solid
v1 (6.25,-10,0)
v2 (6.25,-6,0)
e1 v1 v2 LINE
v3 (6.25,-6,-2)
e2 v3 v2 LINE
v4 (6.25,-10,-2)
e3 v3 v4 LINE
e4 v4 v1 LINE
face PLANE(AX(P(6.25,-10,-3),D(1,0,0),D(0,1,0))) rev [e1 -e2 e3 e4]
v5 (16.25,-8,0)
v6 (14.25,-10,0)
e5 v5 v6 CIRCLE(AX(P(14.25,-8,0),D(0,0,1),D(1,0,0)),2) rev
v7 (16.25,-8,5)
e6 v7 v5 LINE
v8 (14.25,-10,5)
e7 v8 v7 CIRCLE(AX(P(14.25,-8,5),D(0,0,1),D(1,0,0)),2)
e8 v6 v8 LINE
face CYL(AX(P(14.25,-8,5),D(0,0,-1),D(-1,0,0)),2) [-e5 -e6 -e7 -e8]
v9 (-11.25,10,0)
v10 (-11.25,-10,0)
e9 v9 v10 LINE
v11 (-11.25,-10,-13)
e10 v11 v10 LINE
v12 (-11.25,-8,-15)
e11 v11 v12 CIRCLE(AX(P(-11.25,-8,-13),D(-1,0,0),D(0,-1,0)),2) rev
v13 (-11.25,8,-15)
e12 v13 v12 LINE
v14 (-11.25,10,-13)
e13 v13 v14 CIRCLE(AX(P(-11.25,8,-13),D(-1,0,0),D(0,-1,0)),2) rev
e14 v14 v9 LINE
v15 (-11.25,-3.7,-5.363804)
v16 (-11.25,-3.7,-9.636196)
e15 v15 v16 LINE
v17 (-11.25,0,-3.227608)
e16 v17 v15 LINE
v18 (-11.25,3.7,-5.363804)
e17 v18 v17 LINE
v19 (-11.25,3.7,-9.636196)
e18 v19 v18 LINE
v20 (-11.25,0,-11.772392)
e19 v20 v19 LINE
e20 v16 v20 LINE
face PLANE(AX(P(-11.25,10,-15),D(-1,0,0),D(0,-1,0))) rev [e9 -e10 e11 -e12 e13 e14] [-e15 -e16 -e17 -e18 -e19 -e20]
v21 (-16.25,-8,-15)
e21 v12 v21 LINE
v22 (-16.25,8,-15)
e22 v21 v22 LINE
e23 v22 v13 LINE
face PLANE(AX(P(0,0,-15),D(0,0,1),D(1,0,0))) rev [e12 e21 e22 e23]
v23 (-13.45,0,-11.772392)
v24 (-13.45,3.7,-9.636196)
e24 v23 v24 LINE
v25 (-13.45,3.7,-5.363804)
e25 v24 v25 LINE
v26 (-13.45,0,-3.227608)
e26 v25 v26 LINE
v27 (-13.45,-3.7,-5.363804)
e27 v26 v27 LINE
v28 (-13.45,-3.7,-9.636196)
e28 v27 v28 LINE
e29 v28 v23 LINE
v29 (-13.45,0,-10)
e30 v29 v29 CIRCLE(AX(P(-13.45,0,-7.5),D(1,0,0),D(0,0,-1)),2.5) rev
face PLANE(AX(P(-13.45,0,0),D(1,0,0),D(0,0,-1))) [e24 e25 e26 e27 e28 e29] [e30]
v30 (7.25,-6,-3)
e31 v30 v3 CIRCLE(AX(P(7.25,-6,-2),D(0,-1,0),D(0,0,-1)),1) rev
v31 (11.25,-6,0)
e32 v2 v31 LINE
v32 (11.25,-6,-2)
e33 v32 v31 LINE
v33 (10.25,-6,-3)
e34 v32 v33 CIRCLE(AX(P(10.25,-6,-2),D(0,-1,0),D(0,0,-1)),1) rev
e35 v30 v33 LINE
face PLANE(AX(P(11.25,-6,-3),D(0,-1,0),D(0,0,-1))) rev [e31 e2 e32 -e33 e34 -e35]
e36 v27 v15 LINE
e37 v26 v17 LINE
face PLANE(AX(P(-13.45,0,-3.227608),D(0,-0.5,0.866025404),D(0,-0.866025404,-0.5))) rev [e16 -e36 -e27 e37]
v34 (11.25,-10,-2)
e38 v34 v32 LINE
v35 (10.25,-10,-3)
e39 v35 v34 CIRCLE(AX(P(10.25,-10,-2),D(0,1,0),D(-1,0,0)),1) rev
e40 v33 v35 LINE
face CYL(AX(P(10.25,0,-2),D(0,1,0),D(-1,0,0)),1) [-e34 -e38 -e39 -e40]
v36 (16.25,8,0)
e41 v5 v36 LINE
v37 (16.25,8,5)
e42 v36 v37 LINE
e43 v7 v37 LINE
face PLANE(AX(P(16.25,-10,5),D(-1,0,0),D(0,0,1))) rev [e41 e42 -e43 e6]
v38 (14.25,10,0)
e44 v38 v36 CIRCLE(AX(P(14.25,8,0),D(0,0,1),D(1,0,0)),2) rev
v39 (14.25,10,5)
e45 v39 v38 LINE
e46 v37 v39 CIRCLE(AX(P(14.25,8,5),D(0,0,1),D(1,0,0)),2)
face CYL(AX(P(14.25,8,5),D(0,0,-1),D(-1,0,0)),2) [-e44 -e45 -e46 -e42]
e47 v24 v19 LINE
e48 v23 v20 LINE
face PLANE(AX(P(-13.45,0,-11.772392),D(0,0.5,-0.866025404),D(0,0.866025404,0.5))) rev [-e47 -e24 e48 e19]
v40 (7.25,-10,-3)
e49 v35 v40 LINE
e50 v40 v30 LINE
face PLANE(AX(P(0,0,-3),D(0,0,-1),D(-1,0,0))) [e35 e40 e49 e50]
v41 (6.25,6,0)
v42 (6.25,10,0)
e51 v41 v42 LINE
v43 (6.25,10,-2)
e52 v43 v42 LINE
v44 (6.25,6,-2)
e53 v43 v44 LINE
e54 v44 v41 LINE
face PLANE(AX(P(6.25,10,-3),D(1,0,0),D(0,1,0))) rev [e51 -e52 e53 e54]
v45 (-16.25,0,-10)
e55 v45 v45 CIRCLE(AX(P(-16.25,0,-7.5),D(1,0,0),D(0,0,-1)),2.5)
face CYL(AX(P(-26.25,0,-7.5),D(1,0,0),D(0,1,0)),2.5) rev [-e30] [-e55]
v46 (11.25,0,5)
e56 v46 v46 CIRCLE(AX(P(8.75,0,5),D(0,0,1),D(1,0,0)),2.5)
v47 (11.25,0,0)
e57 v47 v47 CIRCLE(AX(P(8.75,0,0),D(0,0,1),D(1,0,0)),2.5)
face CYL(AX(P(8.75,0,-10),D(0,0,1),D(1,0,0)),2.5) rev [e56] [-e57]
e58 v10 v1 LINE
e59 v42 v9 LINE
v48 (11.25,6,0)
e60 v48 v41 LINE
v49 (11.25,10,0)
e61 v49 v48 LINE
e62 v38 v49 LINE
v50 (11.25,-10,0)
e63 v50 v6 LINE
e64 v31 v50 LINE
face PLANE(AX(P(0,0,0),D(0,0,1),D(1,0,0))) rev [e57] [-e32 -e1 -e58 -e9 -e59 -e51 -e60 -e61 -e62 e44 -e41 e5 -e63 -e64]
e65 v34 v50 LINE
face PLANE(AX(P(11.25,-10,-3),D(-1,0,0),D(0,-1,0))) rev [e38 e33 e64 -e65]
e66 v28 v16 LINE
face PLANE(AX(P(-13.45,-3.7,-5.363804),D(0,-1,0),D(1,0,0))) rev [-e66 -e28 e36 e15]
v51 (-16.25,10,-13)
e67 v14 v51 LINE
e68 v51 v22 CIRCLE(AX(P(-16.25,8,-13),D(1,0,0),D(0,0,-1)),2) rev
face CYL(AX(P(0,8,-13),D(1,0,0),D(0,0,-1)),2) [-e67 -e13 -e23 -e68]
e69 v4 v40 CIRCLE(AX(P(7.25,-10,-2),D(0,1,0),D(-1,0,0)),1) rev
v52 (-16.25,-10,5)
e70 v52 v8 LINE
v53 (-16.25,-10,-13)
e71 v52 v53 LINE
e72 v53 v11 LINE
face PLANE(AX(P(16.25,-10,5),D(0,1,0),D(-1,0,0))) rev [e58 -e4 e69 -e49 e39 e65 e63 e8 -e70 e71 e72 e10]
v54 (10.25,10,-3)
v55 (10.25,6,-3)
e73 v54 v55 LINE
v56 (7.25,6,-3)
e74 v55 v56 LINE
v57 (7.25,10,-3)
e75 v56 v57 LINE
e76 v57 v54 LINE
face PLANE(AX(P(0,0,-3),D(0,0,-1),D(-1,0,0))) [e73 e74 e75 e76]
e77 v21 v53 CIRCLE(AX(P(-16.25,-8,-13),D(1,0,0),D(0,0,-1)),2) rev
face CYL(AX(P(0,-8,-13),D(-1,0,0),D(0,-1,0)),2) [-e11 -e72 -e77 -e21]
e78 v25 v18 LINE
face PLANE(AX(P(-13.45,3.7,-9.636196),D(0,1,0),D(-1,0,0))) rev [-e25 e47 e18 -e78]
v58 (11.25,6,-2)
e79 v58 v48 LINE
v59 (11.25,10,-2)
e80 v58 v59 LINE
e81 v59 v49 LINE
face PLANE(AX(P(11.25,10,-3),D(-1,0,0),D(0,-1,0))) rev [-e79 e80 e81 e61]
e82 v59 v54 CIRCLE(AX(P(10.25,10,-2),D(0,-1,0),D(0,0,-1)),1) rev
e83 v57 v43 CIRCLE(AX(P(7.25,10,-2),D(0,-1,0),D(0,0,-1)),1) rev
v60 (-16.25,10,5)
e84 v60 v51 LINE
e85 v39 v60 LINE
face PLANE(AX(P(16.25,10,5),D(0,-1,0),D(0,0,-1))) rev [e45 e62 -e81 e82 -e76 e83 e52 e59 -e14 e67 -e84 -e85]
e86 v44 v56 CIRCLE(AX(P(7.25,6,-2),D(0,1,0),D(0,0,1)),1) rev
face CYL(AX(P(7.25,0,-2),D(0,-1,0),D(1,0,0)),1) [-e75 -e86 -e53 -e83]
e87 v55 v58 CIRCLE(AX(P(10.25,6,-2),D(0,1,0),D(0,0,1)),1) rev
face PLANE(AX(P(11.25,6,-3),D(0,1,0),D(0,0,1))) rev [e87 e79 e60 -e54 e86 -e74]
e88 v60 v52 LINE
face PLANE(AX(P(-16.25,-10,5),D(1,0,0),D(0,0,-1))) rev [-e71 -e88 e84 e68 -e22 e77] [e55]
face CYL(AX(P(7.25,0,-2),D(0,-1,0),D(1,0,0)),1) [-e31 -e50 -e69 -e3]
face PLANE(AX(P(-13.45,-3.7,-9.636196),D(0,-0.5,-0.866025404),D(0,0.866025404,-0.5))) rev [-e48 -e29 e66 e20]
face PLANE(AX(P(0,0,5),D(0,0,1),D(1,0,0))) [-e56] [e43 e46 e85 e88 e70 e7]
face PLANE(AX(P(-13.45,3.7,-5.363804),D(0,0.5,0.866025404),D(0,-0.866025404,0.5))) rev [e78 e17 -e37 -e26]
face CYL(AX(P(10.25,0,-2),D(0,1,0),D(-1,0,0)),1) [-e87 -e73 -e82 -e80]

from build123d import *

# Parameters (mm, degrees)
SKETCH1_W           = 32.5
SKETCH1_H           = 20
BOSS_EXTRUDE1_DEPTH = 5
SKETCH2_W           = 5
SKETCH2_H           = 20
BOSS_EXTRUDE2_DEPTH = 15
SKETCH3_R           = 2.5
CUT_EXTRUDE1_DEPTH  = 15
SKETCH4_R           = 2.5
CUT_EXTRUDE2_DEPTH  = 15
SKETCH5_W           = 5
SKETCH5_H           = 4
BOSS_EXTRUDE3_DEPTH = 3
FILLET1_R           = 1
FILLET2_R           = 2
CUT_EXTRUDE3_DEPTH  = 2.2


with BuildPart() as part:
    # Sketch1 → Boss-Extrude1 (new body)
    with BuildSketch(Plane.XY):
        Rectangle(SKETCH1_W, SKETCH1_H)
    extrude(amount=BOSS_EXTRUDE1_DEPTH)

    # Sketch2 → Boss-Extrude2 (add)
    with BuildSketch(Plane(origin=(0, 0, 0), x_dir=(-1, 0, 0), z_dir=(0, 0, -1))):
        with Locations((13.75, 0)):
            Rectangle(SKETCH2_W, SKETCH2_H)
    extrude(amount=BOSS_EXTRUDE2_DEPTH)

    # Sketch3 → Cut-Extrude1 (cut)
    with BuildSketch(Plane(origin=(-11.25, 0, 0), x_dir=(0, 0, -1), z_dir=(1, 0, 0))):
        with Locations(Location((7.5, 0, 0), (0, 0, 90))):
            Circle(SKETCH3_R)
    extrude(amount=-CUT_EXTRUDE1_DEPTH, mode=Mode.SUBTRACT)

    # Sketch4 → Cut-Extrude2 (cut)
    with BuildSketch(Plane.XY.offset(5)):
        with Locations((8.75, 0)):
            Circle(SKETCH4_R)
    extrude(amount=-CUT_EXTRUDE2_DEPTH, mode=Mode.SUBTRACT)

    # Sketch5 → Boss-Extrude3 (add)
    with BuildSketch(Plane(origin=(0, 0, 0), x_dir=(-1, 0, 0), z_dir=(0, 0, -1))):
        with Locations((-8.75, 8)):
            Rectangle(SKETCH5_W, SKETCH5_H)
        with Locations((-8.75, -8)):
            Rectangle(SKETCH5_W, SKETCH5_H)
    extrude(amount=BOSS_EXTRUDE3_DEPTH)

    # Fillet1
    fillet1_edges = [part.edges().sort_by_distance(p)[0] for p in [
        (11.25, 8, -3),
        (6.25, 8, -3),
        (6.25, -8, -3),
        (11.25, -8, -3),
    ]]
    fillet(fillet1_edges, radius=FILLET1_R)

    # Fillet2
    fillet2_edges = [part.edges().sort_by_distance(p)[0] for p in [
        (-13.75, 10, -15),
        (-13.75, -10, -15),
        (16.25, 10, 2.5),
        (16.25, -10, 2.5),
    ]]
    fillet(fillet2_edges, radius=FILLET2_R)

    # Sketch6 → Cut-Extrude3 (cut)
    with BuildSketch(Plane(origin=(-11.25, 0, 0), x_dir=(0, 0, -1), z_dir=(1, 0, 0))):
        Polygon((3.227608008, 0), (5.363804004, -3.7), (9.636195996, -3.7), (11.772391992, 0), (9.636195996, 3.7), (5.363804004, 3.7), align=None)
    extrude(amount=-CUT_EXTRUDE3_DEPTH, mode=Mode.SUBTRACT)


solid = part.part
